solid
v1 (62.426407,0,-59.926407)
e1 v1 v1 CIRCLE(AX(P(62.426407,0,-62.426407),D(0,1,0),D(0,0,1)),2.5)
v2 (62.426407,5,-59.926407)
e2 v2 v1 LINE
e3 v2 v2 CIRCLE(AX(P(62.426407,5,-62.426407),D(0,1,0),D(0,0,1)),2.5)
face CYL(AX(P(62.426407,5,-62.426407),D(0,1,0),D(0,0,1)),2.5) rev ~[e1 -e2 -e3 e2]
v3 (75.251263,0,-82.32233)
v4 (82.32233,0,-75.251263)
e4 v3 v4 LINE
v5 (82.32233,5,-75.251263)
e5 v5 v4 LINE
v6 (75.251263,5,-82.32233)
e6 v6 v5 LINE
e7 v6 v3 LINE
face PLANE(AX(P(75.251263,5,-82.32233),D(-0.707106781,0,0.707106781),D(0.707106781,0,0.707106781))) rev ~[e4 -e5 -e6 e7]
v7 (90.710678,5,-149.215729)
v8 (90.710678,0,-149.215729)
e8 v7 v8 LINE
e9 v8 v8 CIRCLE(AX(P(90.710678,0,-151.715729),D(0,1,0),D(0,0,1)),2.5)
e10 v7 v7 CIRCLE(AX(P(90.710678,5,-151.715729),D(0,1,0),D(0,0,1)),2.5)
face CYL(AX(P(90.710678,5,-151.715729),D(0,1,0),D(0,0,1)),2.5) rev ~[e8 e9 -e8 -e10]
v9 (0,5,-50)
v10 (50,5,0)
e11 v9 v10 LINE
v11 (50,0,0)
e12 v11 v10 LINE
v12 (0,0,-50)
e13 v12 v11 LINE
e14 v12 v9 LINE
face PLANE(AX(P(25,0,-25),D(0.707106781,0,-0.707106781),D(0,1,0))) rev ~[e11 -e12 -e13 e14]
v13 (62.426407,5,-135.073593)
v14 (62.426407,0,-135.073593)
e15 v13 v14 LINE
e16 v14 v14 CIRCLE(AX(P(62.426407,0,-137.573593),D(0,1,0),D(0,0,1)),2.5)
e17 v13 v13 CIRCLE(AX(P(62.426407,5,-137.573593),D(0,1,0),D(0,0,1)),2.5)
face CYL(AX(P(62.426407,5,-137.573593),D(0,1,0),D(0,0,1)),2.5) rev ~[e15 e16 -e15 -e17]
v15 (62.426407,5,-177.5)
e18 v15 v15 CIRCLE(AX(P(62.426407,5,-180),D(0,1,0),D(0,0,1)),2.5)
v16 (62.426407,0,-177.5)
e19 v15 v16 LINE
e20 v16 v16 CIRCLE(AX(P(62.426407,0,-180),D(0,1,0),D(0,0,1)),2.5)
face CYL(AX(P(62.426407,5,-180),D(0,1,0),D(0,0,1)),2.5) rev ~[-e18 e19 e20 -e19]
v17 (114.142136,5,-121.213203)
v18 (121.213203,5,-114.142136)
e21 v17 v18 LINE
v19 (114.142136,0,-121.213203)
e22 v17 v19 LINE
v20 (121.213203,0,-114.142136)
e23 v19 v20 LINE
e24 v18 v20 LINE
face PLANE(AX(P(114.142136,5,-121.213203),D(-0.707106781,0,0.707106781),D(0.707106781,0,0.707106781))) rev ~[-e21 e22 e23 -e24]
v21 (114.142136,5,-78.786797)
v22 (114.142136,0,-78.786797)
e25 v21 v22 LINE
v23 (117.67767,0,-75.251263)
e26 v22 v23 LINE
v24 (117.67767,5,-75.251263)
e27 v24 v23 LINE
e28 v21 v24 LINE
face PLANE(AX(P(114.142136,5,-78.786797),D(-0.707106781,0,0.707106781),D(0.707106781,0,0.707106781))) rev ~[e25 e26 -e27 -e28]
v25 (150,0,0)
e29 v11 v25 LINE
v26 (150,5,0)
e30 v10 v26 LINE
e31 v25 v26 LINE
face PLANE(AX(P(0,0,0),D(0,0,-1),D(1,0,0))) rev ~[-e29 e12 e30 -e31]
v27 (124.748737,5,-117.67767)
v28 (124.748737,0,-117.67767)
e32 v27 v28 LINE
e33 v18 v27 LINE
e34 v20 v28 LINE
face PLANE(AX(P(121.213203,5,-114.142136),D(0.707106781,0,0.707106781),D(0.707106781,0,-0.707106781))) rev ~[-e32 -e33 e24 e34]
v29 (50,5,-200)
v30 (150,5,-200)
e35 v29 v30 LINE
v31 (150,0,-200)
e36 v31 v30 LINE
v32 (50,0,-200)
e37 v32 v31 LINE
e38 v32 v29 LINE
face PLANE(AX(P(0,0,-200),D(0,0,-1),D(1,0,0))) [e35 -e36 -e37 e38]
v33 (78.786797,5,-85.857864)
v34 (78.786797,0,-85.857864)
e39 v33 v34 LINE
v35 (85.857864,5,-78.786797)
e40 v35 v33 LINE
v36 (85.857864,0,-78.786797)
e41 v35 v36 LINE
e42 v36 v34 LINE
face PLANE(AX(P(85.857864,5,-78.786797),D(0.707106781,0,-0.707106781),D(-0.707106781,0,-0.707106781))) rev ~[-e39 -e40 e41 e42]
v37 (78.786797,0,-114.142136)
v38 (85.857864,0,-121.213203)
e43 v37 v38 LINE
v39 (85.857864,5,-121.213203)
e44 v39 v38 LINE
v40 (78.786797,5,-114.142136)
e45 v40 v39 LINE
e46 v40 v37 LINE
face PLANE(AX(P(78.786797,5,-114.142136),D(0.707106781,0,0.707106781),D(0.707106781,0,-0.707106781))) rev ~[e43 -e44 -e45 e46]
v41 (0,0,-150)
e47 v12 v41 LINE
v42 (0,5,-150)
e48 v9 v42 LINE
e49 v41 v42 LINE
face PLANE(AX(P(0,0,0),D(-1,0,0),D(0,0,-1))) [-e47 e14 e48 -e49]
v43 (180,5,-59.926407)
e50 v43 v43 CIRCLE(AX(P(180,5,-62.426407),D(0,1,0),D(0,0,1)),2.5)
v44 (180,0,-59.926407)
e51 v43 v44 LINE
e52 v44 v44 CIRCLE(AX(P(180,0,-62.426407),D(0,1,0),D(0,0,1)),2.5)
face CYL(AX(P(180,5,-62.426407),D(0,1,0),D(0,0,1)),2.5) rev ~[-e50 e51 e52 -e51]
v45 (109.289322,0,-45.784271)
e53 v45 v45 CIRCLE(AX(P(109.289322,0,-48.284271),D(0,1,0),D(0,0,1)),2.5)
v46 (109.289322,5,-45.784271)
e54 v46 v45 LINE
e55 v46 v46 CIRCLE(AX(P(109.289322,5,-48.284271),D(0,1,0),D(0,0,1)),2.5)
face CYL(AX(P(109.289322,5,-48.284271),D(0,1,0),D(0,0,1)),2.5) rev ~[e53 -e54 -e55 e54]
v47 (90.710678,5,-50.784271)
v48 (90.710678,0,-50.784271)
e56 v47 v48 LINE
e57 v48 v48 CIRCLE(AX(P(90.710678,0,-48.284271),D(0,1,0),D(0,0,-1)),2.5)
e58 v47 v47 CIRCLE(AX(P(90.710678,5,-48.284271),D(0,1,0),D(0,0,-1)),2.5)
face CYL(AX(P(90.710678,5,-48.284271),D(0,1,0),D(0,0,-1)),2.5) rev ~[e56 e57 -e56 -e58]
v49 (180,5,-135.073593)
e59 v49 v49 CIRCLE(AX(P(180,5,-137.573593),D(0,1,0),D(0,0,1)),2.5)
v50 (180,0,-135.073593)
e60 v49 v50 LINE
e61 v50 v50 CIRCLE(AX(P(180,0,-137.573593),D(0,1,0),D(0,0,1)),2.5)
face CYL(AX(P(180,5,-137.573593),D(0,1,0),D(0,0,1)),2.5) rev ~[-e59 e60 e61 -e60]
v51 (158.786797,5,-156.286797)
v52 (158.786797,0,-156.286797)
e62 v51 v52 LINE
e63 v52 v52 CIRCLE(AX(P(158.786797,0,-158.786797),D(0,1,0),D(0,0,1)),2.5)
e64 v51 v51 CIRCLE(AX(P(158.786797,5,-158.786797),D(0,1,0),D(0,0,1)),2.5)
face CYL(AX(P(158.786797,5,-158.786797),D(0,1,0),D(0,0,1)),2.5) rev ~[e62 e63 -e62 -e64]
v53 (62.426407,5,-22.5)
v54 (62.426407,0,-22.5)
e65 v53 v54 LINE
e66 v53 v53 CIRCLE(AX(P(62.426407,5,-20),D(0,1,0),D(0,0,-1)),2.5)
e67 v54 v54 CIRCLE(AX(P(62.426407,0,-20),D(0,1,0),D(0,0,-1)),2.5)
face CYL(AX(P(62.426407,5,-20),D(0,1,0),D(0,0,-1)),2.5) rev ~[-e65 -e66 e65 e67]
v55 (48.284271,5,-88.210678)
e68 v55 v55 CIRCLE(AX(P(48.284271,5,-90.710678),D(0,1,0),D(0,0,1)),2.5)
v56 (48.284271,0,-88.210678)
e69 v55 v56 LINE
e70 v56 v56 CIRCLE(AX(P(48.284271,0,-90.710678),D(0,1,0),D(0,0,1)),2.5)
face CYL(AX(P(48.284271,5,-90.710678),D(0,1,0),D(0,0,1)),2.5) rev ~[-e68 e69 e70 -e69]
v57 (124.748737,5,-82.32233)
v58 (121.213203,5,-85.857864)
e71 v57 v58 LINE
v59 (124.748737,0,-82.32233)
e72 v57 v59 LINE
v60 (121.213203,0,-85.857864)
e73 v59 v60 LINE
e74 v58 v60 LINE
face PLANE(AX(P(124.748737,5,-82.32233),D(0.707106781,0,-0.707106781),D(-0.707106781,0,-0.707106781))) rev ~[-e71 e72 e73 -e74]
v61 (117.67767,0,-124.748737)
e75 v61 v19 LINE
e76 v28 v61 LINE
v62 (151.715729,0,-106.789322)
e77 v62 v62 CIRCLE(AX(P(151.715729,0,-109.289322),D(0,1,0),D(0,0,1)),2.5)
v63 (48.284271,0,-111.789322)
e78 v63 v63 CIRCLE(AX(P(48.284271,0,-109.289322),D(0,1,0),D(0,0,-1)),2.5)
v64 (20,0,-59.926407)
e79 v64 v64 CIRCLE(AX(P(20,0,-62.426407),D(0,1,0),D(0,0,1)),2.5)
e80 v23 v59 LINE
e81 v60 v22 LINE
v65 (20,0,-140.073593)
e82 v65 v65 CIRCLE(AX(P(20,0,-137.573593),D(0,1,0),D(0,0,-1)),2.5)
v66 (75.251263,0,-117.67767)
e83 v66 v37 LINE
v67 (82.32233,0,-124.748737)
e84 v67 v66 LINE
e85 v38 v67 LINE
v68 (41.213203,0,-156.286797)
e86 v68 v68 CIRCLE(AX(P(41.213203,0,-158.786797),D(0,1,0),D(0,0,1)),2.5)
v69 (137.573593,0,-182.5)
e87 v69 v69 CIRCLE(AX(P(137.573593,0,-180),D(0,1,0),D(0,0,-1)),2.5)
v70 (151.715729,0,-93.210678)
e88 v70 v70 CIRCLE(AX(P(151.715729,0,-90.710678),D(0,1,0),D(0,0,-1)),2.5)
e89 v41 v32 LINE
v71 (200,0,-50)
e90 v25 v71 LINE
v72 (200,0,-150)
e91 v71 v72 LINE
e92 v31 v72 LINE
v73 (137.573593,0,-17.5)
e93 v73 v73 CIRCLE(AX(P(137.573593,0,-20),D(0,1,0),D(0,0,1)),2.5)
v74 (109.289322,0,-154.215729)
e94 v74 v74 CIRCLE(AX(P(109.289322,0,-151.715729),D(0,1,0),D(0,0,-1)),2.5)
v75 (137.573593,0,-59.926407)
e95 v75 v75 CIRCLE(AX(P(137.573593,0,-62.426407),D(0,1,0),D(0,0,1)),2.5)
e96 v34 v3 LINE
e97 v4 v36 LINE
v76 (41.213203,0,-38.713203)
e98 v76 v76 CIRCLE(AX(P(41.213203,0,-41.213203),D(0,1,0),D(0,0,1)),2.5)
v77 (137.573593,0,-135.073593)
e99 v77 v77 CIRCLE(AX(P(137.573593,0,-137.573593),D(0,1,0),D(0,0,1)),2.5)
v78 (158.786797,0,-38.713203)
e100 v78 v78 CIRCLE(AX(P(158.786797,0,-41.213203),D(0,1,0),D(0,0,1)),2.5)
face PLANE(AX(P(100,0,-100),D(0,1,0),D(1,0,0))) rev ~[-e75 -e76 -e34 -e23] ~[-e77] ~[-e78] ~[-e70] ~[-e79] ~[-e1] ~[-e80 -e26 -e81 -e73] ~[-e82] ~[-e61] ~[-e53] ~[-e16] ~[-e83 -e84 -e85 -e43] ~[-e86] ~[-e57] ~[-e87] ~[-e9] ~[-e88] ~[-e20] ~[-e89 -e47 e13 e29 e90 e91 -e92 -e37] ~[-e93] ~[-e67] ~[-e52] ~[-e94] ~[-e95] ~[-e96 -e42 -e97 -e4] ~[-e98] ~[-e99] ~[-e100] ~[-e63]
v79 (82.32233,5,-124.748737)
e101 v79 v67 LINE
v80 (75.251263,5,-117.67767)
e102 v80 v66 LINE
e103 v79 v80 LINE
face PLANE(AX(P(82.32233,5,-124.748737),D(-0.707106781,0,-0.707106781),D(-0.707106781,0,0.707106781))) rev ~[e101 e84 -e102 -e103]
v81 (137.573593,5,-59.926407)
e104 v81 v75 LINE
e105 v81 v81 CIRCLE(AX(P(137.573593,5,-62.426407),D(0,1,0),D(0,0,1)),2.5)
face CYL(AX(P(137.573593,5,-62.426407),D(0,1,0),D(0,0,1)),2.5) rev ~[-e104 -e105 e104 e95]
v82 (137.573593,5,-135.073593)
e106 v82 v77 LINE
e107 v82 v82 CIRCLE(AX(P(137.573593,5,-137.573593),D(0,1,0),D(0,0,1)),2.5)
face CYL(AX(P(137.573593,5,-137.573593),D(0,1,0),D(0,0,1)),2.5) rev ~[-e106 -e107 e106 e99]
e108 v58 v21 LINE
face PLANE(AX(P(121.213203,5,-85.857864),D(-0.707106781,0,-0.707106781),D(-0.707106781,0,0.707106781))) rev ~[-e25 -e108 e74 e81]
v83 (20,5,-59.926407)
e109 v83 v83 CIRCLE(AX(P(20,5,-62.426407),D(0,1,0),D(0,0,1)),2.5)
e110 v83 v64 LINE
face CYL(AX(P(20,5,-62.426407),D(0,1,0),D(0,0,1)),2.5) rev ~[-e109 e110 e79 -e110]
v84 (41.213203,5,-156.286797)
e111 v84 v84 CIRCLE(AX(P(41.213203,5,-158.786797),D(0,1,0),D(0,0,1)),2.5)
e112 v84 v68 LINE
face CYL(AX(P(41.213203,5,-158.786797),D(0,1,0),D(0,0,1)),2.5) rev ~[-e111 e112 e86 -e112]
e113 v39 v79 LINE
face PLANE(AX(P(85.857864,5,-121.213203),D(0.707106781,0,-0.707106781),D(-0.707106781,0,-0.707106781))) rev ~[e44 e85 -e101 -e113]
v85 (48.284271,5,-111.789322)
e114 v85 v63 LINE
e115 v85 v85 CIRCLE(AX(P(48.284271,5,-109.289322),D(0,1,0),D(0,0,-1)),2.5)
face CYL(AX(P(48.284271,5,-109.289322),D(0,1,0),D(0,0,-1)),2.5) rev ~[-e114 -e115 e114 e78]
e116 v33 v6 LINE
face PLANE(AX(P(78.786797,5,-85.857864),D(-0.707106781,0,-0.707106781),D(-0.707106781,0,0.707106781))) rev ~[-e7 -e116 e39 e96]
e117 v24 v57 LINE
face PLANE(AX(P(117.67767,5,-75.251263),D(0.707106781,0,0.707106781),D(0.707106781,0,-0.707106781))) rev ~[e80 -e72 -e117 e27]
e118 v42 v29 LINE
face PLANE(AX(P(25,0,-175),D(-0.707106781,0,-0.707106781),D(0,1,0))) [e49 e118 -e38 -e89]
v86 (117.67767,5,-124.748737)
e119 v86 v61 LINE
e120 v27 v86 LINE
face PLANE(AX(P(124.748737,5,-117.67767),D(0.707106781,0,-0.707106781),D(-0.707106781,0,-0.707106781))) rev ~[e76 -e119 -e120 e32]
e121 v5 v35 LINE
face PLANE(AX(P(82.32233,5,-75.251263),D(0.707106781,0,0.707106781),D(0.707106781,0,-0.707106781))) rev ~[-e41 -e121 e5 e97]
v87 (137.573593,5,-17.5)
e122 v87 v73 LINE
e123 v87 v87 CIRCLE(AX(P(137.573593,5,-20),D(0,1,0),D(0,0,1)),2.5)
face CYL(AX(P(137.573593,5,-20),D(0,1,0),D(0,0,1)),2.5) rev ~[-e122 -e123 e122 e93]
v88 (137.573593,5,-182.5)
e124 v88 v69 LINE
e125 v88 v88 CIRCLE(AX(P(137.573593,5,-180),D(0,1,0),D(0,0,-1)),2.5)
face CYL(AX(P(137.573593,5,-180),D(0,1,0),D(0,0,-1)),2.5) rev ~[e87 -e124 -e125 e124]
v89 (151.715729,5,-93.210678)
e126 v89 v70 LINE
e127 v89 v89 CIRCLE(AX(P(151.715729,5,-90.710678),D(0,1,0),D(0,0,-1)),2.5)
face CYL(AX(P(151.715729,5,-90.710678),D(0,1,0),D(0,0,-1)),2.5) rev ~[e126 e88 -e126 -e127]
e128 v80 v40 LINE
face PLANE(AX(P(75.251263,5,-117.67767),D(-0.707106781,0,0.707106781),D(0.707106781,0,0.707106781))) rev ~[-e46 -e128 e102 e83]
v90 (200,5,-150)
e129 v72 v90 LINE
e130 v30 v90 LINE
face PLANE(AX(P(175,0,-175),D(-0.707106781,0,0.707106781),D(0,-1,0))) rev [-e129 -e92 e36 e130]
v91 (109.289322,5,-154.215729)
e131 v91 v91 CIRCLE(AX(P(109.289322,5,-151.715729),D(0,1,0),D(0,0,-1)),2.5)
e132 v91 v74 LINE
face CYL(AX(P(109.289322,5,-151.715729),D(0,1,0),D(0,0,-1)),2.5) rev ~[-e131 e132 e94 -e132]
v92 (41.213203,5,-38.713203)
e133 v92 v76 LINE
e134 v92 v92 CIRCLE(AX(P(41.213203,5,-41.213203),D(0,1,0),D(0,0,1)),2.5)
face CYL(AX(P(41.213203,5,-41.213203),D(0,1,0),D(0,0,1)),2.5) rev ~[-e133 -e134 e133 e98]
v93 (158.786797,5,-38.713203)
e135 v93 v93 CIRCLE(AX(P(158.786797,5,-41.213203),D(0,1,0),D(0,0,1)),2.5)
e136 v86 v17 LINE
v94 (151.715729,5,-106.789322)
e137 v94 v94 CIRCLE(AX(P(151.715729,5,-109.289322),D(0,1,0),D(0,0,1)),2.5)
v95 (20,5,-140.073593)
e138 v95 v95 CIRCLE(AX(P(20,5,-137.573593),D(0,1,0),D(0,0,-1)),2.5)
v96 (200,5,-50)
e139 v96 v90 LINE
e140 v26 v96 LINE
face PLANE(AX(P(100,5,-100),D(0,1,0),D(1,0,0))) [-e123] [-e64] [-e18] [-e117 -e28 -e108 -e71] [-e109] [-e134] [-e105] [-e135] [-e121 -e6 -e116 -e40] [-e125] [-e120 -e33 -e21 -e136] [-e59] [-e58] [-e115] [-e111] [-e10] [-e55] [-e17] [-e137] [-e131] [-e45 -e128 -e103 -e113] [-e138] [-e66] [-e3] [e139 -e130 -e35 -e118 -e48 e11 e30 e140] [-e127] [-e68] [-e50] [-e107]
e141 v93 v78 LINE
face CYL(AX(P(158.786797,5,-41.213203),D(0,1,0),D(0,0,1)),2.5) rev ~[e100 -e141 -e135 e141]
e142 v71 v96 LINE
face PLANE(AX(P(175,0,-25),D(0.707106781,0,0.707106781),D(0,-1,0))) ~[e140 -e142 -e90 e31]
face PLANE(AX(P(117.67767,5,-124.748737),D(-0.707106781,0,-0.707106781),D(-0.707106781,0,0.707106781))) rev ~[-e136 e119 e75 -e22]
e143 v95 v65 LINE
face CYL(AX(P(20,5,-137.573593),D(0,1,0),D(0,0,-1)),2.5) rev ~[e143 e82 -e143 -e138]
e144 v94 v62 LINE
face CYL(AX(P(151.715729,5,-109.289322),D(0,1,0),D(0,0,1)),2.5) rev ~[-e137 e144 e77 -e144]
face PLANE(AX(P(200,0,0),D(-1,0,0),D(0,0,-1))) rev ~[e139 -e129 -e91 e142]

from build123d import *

# Parameters (mm, degrees)
SKETCH1_W           = 200
SKETCH1_H           = 200
BOSS_EXTRUDE1_DEPTH = 5
SKETCH3_R           = 2.5
CUT_EXTRUDE2_DEPTH  = 5
CUT_EXTRUDE4_DEPTH  = 200
CHAMFER1_SIZE       = 50
SKETCH5_R           = 2.5
CUT_EXTRUDE5_DEPTH  = 10


with BuildPart() as part:
    # Sketch1 → Boss-Extrude1 (new body)
    with BuildSketch(Plane(origin=(0, 0, 0), x_dir=(1, 0, 0), z_dir=(0, 1, 0))):
        with Locations((100, 100)):
            Rectangle(SKETCH1_W, SKETCH1_H)
    extrude(amount=BOSS_EXTRUDE1_DEPTH)

    # Sketch3 → Cut-Extrude2 (cut)
    with BuildSketch(Plane(origin=(0, 5, 0), x_dir=(1, 0, 0), z_dir=(0, 1, 0))):
        with Locations(Location((180, 62.426406871, 0), (0, 0, 270))):
            Circle(SKETCH3_R)
        with Locations(Location((90.710678119, 48.284271247, 0), (0, 0, 90))):
            Circle(SKETCH3_R)
        with Locations(Location((109.289321881, 48.284271247, 0), (0, 0, 270))):
            Circle(SKETCH3_R)
        with Locations(Location((62.426406871, 20, 0), (0, 0, 90))):
            Circle(SKETCH3_R)
        with Locations(Location((137.573593129, 20, 0), (0, 0, 270))):
            Circle(SKETCH3_R)
        with Locations(Location((20, 62.426406871, 0), (0, 0, 270))):
            Circle(SKETCH3_R)
        with Locations(Location((48.284271247, 90.710678119, 0), (0, 0, 270))):
            Circle(SKETCH3_R)
        with Locations(Location((20, 137.573593129, 0), (0, 0, 90))):
            Circle(SKETCH3_R)
        with Locations(Location((48.284271247, 109.289321881, 0), (0, 0, 90))):
            Circle(SKETCH3_R)
        with Locations(Location((62.426406871, 180, 0), (0, 0, 270))):
            Circle(SKETCH3_R)
        with Locations(Location((90.710678119, 151.715728753, 0), (0, 0, 270))):
            Circle(SKETCH3_R)
        with Locations(Location((109.289321881, 151.715728753, 0), (0, 0, 90))):
            Circle(SKETCH3_R)
        with Locations(Location((137.573593129, 180, 0), (0, 0, 90))):
            Circle(SKETCH3_R)
        with Locations(Location((180, 137.573593129, 0), (0, 0, 270))):
            Circle(SKETCH3_R)
        with Locations(Location((151.715728753, 109.289321881, 0), (0, 0, 270))):
            Circle(SKETCH3_R)
        with Locations(Location((151.715728753, 90.710678119, 0), (0, 0, 90))):
            Circle(SKETCH3_R)
    extrude(amount=-CUT_EXTRUDE2_DEPTH, mode=Mode.SUBTRACT)

    # Sketch4 → Cut-Extrude4 (cut)
    with BuildSketch(Plane(origin=(0, 5, 0), x_dir=(1, 0, 0), z_dir=(0, 1, 0))):
        Polygon((114.142135624, 121.213203436), (121.213203436, 114.142135624), (124.748737342, 117.67766953), (117.67766953, 124.748737342), align=None)
        Polygon((121.213203436, 85.857864376), (114.142135624, 78.786796564), (117.67766953, 75.251262658), (124.748737342, 82.32233047), align=None)
        Polygon((82.32233047, 75.251262658), (85.857864376, 78.786796564), (78.786796564, 85.857864376), (75.251262658, 82.32233047), align=None)
        Polygon((75.251262658, 117.67766953), (78.786796564, 114.142135624), (85.857864376, 121.213203436), (82.32233047, 124.748737342), align=None)
    extrude(amount=-CUT_EXTRUDE4_DEPTH, mode=Mode.SUBTRACT)

    # Chamfer1
    chamfer1_edges = [part.edges().sort_by_distance(p)[0] for p in [
        (0, 2.5, -200),
        (200, 2.5, -200),
        (200, 2.5, 0),
        (0, 2.5, 0),
    ]]
    chamfer(chamfer1_edges, length=CHAMFER1_SIZE)

    # Sketch5 → Cut-Extrude5 (cut)
    with BuildSketch(Plane(origin=(0, 5, 0), x_dir=(1, 0, 0), z_dir=(0, 1, 0))):
        with Locations(Location((41.213203436, 41.213203436, 0), (0, 0, 270))):
            Circle(SKETCH5_R)
        with Locations(Location((62.426406871, 137.573593129, 0), (0, 0, 270))):
            Circle(SKETCH5_R)
        with Locations(Location((41.213203436, 158.786796564, 0), (0, 0, 270))):
            Circle(SKETCH5_R)
        with Locations(Location((137.573593129, 137.573593129, 0), (0, 0, 270))):
            Circle(SKETCH5_R)
        with Locations(Location((158.786796564, 158.786796564, 0), (0, 0, 270))):
            Circle(SKETCH5_R)
        with Locations(Location((137.573593129, 62.426406871, 0), (0, 0, 270))):
            Circle(SKETCH5_R)
        with Locations(Location((158.786796564, 41.213203436, 0), (0, 0, 270))):
            Circle(SKETCH5_R)
        with Locations(Location((62.426406871, 62.426406871, 0), (0, 0, 270))):
            Circle(SKETCH5_R)
    extrude(amount=-CUT_EXTRUDE5_DEPTH, mode=Mode.SUBTRACT)


solid = part.part
